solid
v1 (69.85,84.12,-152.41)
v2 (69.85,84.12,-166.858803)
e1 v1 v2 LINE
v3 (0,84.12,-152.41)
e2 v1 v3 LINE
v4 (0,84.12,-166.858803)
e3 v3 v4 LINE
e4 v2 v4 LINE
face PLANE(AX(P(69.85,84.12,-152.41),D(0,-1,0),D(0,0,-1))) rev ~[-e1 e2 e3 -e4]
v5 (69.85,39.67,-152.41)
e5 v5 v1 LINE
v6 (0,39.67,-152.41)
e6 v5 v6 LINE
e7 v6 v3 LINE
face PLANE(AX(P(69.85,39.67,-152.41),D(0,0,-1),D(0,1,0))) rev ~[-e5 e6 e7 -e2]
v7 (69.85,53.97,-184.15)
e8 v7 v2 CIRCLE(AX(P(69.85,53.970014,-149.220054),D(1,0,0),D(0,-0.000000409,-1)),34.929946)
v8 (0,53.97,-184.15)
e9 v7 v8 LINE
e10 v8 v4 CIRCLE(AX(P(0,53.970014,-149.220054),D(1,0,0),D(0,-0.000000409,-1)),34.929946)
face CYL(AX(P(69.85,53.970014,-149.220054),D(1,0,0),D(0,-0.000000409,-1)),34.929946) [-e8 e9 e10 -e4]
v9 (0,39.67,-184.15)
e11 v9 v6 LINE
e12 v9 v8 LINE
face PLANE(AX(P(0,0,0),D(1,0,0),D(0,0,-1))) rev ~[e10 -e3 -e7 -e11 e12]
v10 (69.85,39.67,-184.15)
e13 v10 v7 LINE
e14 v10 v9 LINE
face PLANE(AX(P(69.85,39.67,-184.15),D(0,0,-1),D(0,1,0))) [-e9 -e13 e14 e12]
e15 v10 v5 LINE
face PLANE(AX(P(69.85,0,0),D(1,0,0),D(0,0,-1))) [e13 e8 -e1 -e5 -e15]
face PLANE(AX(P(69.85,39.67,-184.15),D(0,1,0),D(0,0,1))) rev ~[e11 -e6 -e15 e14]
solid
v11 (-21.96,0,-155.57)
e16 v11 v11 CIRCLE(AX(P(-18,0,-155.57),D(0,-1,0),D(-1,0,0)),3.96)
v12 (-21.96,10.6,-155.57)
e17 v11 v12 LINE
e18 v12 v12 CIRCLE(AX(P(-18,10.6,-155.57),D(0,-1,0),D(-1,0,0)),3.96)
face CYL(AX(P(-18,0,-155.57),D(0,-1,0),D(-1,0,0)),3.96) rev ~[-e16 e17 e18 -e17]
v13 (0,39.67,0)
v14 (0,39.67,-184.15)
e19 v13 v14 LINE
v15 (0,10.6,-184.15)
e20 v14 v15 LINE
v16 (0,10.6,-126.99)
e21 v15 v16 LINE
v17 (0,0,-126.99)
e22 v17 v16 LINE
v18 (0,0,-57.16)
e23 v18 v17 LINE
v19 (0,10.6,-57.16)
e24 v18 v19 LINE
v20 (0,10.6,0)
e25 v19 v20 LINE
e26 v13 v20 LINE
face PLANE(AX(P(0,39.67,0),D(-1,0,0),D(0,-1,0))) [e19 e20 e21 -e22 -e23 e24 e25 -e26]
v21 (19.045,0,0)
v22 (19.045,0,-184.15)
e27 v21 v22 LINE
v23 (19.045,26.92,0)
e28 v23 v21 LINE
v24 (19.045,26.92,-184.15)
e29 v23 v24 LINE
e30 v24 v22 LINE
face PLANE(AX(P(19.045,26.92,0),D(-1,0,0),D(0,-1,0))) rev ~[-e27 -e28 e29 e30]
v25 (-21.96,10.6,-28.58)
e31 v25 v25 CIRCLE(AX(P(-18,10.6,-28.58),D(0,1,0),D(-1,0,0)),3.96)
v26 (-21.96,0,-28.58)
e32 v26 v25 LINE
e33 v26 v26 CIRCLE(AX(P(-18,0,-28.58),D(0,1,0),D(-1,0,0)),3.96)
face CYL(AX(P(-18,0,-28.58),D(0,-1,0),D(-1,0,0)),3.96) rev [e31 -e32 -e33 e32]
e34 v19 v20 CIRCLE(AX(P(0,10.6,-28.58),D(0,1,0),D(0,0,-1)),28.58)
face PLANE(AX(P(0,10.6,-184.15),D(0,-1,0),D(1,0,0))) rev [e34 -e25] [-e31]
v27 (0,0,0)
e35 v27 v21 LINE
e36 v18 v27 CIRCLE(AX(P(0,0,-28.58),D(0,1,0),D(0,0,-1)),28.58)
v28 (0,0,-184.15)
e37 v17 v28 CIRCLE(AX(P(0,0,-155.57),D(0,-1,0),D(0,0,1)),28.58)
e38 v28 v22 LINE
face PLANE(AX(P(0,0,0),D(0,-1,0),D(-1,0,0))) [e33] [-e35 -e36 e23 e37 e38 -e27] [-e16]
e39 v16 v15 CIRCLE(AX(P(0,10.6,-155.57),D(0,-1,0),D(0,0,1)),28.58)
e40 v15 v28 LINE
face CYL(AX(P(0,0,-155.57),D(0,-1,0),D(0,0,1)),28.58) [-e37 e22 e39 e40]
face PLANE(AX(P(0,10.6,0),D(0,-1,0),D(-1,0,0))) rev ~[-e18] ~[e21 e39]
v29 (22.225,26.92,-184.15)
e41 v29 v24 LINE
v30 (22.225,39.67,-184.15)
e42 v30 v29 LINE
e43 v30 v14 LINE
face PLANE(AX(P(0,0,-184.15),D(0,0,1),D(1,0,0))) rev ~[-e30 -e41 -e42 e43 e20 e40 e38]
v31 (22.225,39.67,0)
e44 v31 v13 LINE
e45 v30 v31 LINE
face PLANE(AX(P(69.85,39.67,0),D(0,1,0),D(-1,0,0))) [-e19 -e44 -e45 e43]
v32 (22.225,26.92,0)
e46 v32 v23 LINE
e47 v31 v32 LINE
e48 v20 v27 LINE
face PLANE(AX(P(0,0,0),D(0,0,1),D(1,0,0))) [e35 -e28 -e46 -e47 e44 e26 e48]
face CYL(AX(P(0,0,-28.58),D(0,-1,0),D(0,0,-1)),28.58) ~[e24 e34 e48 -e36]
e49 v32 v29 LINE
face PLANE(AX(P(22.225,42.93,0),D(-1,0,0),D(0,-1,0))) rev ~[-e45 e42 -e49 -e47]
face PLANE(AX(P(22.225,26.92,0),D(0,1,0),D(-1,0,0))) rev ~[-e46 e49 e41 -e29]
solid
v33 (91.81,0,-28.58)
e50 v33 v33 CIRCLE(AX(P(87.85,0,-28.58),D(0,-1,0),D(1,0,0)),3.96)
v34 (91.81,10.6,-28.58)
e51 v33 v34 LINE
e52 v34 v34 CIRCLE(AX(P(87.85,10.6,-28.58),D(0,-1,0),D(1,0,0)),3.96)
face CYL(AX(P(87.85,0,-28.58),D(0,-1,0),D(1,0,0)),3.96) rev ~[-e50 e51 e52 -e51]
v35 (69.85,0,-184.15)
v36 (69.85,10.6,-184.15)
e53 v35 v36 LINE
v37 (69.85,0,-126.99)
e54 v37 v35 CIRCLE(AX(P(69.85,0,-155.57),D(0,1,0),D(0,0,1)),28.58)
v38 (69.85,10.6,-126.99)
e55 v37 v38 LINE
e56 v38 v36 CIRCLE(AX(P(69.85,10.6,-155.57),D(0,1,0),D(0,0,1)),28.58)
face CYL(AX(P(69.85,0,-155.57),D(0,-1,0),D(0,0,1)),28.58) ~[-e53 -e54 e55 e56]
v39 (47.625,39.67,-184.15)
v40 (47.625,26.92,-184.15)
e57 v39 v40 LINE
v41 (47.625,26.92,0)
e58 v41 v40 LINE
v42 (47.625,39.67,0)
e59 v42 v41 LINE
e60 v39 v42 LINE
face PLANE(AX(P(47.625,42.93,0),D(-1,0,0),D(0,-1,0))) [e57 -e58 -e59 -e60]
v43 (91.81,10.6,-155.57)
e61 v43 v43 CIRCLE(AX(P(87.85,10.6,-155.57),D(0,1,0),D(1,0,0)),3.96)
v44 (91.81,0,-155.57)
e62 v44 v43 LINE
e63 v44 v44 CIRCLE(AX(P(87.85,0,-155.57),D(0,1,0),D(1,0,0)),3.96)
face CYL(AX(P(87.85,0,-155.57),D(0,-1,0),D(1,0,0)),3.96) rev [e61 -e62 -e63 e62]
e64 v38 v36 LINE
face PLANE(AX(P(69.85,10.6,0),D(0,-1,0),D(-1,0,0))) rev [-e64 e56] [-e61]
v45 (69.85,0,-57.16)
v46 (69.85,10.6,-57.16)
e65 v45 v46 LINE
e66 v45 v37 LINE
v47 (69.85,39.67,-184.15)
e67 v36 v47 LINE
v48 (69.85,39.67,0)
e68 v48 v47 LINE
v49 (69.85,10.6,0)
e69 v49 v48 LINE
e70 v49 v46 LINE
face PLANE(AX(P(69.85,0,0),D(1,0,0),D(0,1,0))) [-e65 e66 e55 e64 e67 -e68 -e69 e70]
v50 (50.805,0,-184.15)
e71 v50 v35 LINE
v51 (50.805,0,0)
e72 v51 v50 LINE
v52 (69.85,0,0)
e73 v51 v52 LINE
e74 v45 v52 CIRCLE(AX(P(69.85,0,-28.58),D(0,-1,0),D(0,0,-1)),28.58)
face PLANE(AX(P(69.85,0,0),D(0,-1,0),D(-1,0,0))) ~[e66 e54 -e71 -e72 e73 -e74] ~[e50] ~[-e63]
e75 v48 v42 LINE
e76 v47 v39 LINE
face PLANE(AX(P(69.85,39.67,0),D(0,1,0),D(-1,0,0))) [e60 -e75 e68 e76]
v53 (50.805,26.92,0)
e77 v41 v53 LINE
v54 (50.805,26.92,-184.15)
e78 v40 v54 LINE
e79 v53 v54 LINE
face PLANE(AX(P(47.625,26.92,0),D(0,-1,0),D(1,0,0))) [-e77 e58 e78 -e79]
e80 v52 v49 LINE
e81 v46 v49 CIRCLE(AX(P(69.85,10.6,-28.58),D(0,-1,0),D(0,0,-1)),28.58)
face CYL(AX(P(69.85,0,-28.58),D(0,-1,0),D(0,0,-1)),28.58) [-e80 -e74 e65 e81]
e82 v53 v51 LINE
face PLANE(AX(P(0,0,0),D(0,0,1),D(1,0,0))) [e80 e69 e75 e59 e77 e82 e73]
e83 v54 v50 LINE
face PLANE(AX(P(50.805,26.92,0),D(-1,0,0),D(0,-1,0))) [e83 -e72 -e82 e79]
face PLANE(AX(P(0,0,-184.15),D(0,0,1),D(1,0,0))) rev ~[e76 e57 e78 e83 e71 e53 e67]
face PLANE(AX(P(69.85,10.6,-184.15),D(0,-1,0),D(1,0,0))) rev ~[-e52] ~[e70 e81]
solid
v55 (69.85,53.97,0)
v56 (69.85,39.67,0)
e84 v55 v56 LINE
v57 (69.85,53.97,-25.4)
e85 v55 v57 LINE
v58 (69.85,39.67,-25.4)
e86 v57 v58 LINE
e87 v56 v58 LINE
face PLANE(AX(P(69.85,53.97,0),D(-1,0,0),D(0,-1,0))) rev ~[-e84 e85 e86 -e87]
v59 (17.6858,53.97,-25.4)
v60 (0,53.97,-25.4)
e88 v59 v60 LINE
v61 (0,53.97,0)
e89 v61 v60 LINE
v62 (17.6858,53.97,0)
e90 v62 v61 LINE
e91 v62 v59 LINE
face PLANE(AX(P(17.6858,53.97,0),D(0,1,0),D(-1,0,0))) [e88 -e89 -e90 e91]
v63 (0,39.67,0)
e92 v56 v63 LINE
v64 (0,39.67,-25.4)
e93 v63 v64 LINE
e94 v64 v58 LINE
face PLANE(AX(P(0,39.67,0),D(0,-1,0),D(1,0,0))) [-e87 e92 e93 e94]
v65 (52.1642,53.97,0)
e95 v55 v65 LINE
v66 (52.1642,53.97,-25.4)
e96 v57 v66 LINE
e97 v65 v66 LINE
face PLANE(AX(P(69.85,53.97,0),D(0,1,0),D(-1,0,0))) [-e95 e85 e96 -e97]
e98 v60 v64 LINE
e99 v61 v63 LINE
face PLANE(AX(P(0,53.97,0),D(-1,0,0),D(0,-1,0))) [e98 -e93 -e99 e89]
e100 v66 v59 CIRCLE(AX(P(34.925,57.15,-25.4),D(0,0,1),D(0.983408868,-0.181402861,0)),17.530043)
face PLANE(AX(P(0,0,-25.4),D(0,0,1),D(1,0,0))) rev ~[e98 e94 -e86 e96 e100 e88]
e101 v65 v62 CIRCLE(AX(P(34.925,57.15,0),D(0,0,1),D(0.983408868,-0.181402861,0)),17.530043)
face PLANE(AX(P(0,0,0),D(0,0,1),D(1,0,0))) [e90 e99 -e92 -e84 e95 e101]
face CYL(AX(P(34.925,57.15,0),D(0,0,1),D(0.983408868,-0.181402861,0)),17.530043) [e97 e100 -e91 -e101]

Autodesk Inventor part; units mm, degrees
ref_plane "YZ Plane" through (0, 0, 0) normal (1, 0, 0) x (0, 1, 0)
sketch "Sketch1" plane through (0, 0, 0) normal (0, 0, 1) x (1, 0, 0)
  line L0 (0, 0) -> (69.85, 0)
  line L1 (69.85, 0) -> (69.85, 39.67)
  line L2 (69.85, 39.67) -> (0, 39.67)
  line L3 (0, 39.67) -> (0, 0)
  dimension "d0" = 69.85
  dimension "d1" = 39.67
extrude "Extrusion1" add sketch "Sketch1" against normal blind 184.15
sketch "Sketch2" plane through (69.85, 0, 0) normal (1, 0, 0) x (0, 0, -1)
  line L0 (184.15, 39.67) -> (184.15, 0) projected
  line L1 (184.15, 39.67) -> (152.41, 39.67)
  line L2 (0, 39.67) -> (184.15, 39.67) projected
  line L3 (152.41, 39.67) -> (152.41, 84.12)
  line L4 (152.41, 39.67) -> (196.86, 39.67) construction
  line L5 (152.41, 84.12) -> (166.86, 84.12)
  arc A0 (184.15, 53.97) -> (166.8575, 84.12) centre (149.22, 53.97) ccw
  line L6 (184.15, 39.67) -> (184.15, 53.97)
  point P0 (0, 0)
  dimension "d4" = 31.74
  dimension "d5" = 44.45
  dimension "d6" = 90
  dimension "d7" = 14.45
  dimension "d8" = 90
  dimension "d9" = 69.86
  dimension "d10" = 30.15
extrude "Extrusion2" add sketch "Sketch2" against normal blind 69.85 separate body
sketch "Sketch3" plane through (0, 0, 0) normal (0, 0, 1) x (1, 0, 0)
  line L0 (69.85, 84.12) -> (0, 84.12) projected
  line L1 (0, 39.67) -> (69.85, 39.67) projected
  line L2 (0, 84.12) -> (0, 53.97) projected
  line L3 (0, 53.97) -> (0, 39.67)
  line L4 (69.85, 39.67) -> (69.85, 0) projected
  line L5 (69.85, 53.97) -> (69.85, 39.67)
  line L6 (0, 53.97) -> (0, 39.67) projected
  line L7 (0, 39.67) -> (0, 53.97)
  line L8 (69.85, 53.97) -> (0, 53.97) projected
  line L9 (69.85, 53.97) -> (69.85, 39.67)
  arc A0 (52.1642, 53.97) -> (17.6858, 53.97) centre (34.925, 57.15) ccw
  arc A1 (33.6019, 39.67) -> (36.2481, 39.67) centre (34.925, 57.15) ccw
  line L10 (0, 53.97) -> (17.6858, 53.97)
  line L11 (52.1642, 53.97) -> (69.85, 53.97)
  point P0 (0, 0)
  point P1 (17.6858, 53.97)
  dimension "d14" = 17.48
extrude "Extrusion3" add sketch "Sketch3" against normal blind 25.4 separate body contours L3 L8 L5 L1 | A0 L8
sketch "Sketch4" plane through (0, 0, 0) normal (0, 0, 1) x (1, 0, 0)
  line L0 (22.225, 42.93) -> (47.625, 42.93)
  line L1 (0, 0) -> (69.85, 0) projected
  line L2 (22.225, 42.93) -> (22.225, 26.92)
  line L3 (22.225, 26.92) -> (19.045, 26.92)
  line L4 (19.045, 26.92) -> (19.045, 0)
  line L5 (34.925, 0) -> (34.925, 13.46)
  line L6 (47.625, 42.93) -> (47.625, 26.92)
  line L7 (47.625, 26.92) -> (50.805, 26.92)
  line L8 (50.805, 26.92) -> (50.805, 0)
  line L9 (19.045, 0) -> (19.045, -11.3598)
  line L10 (19.045, -11.3598) -> (50.805, -11.3598)
  line L11 (50.805, -11.3598) -> (50.805, 0)
  point P0 (34.925, 42.93)
  dimension "d17" = 25.4
  dimension "d18" = 16.01
  dimension "d19" = 3.18
  dimension "d20" = 26.92
extrude "Extrusion4" cut sketch "Sketch4" against normal blind 319.9 contours L0 L6 L7 L8 L1 L4 L3 L2 bodies 1
sketch "Sketch5" plane through (69.85, 0, -184.15) normal (0, -1, 0) x (1, 0, 0)
  line L0 (0, 184.15) -> (-17.6858, 184.15) projected
  line L1 (0, 184.15) -> (0, 155.57)
  line L2 (0, 184.15) -> (0, 158.75) projected
  arc A0 (0, 126.99) -> (0, 184.15) centre (0, 155.57) ccw
  circle A1 centre (18, 155.57) radius 3.96
  line L3 (0, 184.15) -> (0, 126.99)
  point P0 (-69.85, 184.15)
extrude "Extrusion5" add sketch "Sketch5" against normal blind 10.6 bodies 1
ref_plane "Work Plane1" through (34.925, 0, -184.15) normal (1, 0, 0) x (0, 0, -1)
ref_plane "Work Plane2" through (0, 0, -92.075) normal (0, 0, -1) x (-1, 0, 0)
mirror "Mirror2" about plane through (0, 0, -92.075) normal (0, 0, -1) of "Extrusion5" bodies 1
mirror "Mirror3" about plane through (34.925, 0, -184.15) normal (1, 0, 0) of "Extrusion5", "Mirror2" bodies 1
properties part number "yeni_mengene_ho"
